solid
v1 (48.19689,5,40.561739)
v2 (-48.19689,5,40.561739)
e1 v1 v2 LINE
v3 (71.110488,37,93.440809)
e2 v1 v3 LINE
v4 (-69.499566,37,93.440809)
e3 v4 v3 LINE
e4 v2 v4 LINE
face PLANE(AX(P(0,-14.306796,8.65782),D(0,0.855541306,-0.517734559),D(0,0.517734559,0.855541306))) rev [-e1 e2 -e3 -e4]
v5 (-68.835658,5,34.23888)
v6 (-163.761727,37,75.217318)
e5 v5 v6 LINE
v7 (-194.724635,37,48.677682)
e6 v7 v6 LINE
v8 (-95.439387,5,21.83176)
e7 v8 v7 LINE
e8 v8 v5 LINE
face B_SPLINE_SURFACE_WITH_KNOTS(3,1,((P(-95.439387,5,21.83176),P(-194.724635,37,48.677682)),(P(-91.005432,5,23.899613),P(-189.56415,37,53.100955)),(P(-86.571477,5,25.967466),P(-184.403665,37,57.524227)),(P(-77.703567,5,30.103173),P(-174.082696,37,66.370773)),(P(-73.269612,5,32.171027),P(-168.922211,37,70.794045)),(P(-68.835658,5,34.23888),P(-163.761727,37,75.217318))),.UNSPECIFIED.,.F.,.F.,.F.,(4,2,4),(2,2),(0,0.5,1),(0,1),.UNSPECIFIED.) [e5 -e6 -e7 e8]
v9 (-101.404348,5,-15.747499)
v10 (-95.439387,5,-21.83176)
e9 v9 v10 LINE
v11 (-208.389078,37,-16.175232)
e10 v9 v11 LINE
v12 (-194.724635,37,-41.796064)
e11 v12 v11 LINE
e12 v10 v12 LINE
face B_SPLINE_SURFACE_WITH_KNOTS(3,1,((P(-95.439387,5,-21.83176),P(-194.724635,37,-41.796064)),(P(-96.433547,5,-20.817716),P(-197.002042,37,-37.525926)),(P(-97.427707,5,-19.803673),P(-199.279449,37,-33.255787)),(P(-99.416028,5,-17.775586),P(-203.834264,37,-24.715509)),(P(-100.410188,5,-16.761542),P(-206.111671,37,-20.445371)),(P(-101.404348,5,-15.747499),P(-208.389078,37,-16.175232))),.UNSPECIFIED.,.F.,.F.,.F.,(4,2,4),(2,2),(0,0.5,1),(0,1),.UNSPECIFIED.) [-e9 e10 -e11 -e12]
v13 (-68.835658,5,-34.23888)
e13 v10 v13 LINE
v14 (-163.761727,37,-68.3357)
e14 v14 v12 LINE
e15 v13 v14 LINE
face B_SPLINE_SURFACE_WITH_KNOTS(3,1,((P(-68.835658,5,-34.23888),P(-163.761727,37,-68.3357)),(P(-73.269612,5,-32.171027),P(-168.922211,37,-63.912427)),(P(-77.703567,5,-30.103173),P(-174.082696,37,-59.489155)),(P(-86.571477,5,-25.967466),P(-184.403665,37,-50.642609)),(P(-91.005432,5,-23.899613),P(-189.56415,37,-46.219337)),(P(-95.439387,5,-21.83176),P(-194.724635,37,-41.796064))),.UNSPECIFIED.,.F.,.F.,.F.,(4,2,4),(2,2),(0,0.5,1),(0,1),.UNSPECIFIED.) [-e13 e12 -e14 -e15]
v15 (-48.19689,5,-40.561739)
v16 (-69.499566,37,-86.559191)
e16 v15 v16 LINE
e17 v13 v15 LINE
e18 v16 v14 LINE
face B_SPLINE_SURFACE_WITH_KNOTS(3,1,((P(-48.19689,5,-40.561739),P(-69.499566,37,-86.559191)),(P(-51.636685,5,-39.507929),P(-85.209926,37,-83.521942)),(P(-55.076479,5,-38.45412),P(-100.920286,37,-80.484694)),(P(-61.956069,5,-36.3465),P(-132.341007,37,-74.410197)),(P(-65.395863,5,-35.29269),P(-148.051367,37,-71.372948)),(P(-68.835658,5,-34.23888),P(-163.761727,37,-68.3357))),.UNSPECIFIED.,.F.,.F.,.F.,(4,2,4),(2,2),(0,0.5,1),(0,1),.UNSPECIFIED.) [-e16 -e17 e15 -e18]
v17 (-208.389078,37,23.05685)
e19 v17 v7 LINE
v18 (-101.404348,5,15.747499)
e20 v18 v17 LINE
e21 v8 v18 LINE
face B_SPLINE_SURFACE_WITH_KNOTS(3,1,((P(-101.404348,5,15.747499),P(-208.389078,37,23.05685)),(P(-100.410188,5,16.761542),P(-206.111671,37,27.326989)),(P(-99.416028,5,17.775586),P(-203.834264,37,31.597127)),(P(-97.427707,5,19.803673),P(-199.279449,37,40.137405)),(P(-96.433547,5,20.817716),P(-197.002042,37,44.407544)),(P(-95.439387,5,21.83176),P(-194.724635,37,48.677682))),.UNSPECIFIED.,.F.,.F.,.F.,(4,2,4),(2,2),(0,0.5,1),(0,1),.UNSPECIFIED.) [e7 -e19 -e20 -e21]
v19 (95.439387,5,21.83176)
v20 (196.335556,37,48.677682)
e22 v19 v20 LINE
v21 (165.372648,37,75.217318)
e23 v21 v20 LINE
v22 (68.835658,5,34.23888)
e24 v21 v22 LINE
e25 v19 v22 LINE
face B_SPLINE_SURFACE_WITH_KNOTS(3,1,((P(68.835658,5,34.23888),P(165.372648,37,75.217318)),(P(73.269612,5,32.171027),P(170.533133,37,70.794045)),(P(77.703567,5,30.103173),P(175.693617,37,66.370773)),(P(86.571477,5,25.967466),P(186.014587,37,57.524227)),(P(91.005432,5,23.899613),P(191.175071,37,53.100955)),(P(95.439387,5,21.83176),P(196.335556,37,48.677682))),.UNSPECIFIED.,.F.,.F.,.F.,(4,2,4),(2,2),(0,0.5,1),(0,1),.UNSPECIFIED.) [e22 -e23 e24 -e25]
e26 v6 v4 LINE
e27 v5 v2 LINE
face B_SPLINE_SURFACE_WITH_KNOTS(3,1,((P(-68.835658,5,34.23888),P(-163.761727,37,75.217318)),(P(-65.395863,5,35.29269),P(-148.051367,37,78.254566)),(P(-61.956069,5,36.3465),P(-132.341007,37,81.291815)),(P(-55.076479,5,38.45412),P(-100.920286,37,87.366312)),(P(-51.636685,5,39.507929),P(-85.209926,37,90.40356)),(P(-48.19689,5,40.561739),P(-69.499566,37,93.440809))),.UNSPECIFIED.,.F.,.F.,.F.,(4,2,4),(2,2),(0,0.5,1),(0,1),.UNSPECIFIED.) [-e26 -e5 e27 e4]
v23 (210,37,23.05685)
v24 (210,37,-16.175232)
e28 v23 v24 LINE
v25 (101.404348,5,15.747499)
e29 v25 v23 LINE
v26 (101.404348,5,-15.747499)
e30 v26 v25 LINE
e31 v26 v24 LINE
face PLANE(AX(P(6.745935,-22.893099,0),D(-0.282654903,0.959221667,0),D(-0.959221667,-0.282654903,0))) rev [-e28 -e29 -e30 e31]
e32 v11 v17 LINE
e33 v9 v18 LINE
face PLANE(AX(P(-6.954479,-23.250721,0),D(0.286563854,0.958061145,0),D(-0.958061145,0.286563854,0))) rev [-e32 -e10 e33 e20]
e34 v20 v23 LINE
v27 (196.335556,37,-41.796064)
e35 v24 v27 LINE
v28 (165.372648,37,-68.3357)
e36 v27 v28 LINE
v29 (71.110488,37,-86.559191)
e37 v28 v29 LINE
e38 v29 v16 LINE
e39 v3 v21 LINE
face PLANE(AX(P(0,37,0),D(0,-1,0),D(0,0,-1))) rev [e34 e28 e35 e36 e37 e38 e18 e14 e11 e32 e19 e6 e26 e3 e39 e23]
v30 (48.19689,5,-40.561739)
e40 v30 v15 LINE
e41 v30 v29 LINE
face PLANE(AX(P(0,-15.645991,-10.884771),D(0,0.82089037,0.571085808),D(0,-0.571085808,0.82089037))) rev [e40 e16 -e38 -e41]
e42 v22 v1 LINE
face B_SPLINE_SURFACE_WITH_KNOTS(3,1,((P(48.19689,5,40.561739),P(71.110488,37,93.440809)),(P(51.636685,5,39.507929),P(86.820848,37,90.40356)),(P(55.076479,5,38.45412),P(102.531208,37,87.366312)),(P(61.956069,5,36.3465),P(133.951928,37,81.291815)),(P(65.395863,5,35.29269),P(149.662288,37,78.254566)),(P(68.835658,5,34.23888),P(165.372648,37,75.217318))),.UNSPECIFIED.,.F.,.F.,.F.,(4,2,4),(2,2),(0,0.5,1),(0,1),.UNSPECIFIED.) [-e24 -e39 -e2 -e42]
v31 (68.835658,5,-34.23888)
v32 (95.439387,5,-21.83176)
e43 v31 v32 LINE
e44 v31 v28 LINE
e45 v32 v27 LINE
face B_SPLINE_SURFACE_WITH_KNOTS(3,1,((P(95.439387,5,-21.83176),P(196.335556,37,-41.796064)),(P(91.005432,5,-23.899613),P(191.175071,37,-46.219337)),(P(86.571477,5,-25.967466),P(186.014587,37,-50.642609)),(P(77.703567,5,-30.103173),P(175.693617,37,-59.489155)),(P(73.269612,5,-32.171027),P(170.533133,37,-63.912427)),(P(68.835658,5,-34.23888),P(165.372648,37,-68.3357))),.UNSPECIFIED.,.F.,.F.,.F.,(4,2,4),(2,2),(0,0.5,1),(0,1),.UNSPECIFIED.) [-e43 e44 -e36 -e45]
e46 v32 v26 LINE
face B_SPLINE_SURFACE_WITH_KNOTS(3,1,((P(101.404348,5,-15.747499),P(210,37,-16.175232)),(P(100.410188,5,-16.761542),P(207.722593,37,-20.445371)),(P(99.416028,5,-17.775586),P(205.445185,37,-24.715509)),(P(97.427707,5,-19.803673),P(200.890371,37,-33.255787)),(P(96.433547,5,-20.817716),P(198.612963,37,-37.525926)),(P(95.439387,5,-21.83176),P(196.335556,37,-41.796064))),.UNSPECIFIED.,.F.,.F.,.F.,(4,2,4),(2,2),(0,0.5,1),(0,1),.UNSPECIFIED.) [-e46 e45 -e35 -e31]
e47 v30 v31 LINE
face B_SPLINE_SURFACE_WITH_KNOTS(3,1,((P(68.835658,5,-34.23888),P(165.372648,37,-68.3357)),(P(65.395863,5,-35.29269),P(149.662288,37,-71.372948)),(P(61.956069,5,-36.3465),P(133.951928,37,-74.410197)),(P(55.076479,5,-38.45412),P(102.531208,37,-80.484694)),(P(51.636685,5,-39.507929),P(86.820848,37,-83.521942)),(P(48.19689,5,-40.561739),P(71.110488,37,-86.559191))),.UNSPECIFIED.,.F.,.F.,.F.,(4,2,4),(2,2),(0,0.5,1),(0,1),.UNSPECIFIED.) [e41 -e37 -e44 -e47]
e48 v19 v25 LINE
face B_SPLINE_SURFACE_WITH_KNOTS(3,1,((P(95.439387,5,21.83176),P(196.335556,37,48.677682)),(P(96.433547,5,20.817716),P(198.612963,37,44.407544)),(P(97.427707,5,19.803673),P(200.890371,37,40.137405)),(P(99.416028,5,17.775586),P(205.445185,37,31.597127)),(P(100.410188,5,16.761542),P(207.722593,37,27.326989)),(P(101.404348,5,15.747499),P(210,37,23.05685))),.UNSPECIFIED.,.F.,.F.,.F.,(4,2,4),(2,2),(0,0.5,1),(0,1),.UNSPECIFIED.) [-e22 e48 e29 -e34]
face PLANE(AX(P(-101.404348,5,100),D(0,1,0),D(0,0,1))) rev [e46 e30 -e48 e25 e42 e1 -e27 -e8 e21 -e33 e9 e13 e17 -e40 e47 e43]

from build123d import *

# Parameters (mm, degrees)
BOSS_EXTRUDE1_DEPTH     = 5
CUT_EXTRUDE2_DEPTH      = 100
CUT_EXTRUDE2_DEPTH_BACK = 100


with BuildPart() as part:
    # Sketch1 → Boss-Extrude1 (new body)
    with BuildSketch(Plane(origin=(0, 0, 0), x_dir=(1, 0, 0), z_dir=(0, 1, 0))):
        Polygon((48.196890285, 40.561739349), (-48.196890285, 40.561739349), (-68.835657659, 34.23887998), (-95.439386703, 21.831759708), (-101.404348372, 15.747498806), (-101.404348372, -15.747498806), (-95.439386703, -21.831759708), (-68.835657659, -34.23887998), (-48.196890285, -40.561739349), (48.196890285, -40.561739349), (68.835657659, -34.23887998), (95.439386703, -21.831759708), (101.404348372, -15.747498806), (101.404348372, 15.747498806), (95.439386703, 21.831759708), (68.835657659, 34.23887998), align=None)
    extrude(amount=BOSS_EXTRUDE1_DEPTH)

    # Sketch2 → section 1 of loft2
    with BuildSketch(Plane(origin=(0, 37, 0), x_dir=(1, 0, 0), z_dir=(0, 1, 0)), mode=Mode.PRIVATE) as loft2_s1:
        with BuildLine():
            Line((-69.499566366, 86.559191019), (71.110487868, 86.559191019))
            Line((71.110487868, 86.559191019), (165.372648179, 68.335699669))
            Line((165.372648179, 68.335699669), (196.335556079, 41.796064326))
            Line((196.335556079, 41.796064326), (210, 16.175231975))
            Line((210, 16.175231975), (210, -23.056849936))
            Line((210, -23.056849936), (196.335556079, -48.677682288))
            Line((196.335556079, -48.677682288), (165.372648179, -75.217317631))
            Line((165.372648179, -75.217317631), (71.110487868, -93.440808981))
            Line((71.110487868, -93.440808981), (-69.499566366, -93.440808981))
            Line((-69.499566366, -93.440808981), (-163.761726677, -75.217317631))
            Line((-163.761726677, -75.217317631), (-194.724634578, -48.677682288))
            Line((-194.724634578, -48.677682288), (-208.389078498, -23.056849936))
            Line((-208.389078498, -23.056849936), (-208.389078498, 16.175231975))
            Line((-208.389078498, 16.175231975), (-194.724634578, 41.796064326))
            Line((-194.724634578, 41.796064326), (-163.761726677, 68.335699669))
            Line((-163.761726677, 68.335699669), (-69.499566366, 86.559191019))
        make_face()
    # loft from a face of the part (loft2)
    loft([part.faces().sort_by_distance((0, 5, 0))[0], loft2_s1.sketch])

    # Sketch4 → Cut-Extrude2 (cut, two sides: drawn at the far end of the back side and taken through both)
    with BuildSketch(Plane.XY.offset(-CUT_EXTRUDE2_DEPTH_BACK)):
        Polygon((-101.404348372, 5), (121.036097522, 5), (118.786130404, -29.699429441), (-111.783228991, -29.699429441), (-101.404348372, -4.949791143), align=None)
    extrude(amount=CUT_EXTRUDE2_DEPTH + CUT_EXTRUDE2_DEPTH_BACK, mode=Mode.SUBTRACT)


solid = part.part
